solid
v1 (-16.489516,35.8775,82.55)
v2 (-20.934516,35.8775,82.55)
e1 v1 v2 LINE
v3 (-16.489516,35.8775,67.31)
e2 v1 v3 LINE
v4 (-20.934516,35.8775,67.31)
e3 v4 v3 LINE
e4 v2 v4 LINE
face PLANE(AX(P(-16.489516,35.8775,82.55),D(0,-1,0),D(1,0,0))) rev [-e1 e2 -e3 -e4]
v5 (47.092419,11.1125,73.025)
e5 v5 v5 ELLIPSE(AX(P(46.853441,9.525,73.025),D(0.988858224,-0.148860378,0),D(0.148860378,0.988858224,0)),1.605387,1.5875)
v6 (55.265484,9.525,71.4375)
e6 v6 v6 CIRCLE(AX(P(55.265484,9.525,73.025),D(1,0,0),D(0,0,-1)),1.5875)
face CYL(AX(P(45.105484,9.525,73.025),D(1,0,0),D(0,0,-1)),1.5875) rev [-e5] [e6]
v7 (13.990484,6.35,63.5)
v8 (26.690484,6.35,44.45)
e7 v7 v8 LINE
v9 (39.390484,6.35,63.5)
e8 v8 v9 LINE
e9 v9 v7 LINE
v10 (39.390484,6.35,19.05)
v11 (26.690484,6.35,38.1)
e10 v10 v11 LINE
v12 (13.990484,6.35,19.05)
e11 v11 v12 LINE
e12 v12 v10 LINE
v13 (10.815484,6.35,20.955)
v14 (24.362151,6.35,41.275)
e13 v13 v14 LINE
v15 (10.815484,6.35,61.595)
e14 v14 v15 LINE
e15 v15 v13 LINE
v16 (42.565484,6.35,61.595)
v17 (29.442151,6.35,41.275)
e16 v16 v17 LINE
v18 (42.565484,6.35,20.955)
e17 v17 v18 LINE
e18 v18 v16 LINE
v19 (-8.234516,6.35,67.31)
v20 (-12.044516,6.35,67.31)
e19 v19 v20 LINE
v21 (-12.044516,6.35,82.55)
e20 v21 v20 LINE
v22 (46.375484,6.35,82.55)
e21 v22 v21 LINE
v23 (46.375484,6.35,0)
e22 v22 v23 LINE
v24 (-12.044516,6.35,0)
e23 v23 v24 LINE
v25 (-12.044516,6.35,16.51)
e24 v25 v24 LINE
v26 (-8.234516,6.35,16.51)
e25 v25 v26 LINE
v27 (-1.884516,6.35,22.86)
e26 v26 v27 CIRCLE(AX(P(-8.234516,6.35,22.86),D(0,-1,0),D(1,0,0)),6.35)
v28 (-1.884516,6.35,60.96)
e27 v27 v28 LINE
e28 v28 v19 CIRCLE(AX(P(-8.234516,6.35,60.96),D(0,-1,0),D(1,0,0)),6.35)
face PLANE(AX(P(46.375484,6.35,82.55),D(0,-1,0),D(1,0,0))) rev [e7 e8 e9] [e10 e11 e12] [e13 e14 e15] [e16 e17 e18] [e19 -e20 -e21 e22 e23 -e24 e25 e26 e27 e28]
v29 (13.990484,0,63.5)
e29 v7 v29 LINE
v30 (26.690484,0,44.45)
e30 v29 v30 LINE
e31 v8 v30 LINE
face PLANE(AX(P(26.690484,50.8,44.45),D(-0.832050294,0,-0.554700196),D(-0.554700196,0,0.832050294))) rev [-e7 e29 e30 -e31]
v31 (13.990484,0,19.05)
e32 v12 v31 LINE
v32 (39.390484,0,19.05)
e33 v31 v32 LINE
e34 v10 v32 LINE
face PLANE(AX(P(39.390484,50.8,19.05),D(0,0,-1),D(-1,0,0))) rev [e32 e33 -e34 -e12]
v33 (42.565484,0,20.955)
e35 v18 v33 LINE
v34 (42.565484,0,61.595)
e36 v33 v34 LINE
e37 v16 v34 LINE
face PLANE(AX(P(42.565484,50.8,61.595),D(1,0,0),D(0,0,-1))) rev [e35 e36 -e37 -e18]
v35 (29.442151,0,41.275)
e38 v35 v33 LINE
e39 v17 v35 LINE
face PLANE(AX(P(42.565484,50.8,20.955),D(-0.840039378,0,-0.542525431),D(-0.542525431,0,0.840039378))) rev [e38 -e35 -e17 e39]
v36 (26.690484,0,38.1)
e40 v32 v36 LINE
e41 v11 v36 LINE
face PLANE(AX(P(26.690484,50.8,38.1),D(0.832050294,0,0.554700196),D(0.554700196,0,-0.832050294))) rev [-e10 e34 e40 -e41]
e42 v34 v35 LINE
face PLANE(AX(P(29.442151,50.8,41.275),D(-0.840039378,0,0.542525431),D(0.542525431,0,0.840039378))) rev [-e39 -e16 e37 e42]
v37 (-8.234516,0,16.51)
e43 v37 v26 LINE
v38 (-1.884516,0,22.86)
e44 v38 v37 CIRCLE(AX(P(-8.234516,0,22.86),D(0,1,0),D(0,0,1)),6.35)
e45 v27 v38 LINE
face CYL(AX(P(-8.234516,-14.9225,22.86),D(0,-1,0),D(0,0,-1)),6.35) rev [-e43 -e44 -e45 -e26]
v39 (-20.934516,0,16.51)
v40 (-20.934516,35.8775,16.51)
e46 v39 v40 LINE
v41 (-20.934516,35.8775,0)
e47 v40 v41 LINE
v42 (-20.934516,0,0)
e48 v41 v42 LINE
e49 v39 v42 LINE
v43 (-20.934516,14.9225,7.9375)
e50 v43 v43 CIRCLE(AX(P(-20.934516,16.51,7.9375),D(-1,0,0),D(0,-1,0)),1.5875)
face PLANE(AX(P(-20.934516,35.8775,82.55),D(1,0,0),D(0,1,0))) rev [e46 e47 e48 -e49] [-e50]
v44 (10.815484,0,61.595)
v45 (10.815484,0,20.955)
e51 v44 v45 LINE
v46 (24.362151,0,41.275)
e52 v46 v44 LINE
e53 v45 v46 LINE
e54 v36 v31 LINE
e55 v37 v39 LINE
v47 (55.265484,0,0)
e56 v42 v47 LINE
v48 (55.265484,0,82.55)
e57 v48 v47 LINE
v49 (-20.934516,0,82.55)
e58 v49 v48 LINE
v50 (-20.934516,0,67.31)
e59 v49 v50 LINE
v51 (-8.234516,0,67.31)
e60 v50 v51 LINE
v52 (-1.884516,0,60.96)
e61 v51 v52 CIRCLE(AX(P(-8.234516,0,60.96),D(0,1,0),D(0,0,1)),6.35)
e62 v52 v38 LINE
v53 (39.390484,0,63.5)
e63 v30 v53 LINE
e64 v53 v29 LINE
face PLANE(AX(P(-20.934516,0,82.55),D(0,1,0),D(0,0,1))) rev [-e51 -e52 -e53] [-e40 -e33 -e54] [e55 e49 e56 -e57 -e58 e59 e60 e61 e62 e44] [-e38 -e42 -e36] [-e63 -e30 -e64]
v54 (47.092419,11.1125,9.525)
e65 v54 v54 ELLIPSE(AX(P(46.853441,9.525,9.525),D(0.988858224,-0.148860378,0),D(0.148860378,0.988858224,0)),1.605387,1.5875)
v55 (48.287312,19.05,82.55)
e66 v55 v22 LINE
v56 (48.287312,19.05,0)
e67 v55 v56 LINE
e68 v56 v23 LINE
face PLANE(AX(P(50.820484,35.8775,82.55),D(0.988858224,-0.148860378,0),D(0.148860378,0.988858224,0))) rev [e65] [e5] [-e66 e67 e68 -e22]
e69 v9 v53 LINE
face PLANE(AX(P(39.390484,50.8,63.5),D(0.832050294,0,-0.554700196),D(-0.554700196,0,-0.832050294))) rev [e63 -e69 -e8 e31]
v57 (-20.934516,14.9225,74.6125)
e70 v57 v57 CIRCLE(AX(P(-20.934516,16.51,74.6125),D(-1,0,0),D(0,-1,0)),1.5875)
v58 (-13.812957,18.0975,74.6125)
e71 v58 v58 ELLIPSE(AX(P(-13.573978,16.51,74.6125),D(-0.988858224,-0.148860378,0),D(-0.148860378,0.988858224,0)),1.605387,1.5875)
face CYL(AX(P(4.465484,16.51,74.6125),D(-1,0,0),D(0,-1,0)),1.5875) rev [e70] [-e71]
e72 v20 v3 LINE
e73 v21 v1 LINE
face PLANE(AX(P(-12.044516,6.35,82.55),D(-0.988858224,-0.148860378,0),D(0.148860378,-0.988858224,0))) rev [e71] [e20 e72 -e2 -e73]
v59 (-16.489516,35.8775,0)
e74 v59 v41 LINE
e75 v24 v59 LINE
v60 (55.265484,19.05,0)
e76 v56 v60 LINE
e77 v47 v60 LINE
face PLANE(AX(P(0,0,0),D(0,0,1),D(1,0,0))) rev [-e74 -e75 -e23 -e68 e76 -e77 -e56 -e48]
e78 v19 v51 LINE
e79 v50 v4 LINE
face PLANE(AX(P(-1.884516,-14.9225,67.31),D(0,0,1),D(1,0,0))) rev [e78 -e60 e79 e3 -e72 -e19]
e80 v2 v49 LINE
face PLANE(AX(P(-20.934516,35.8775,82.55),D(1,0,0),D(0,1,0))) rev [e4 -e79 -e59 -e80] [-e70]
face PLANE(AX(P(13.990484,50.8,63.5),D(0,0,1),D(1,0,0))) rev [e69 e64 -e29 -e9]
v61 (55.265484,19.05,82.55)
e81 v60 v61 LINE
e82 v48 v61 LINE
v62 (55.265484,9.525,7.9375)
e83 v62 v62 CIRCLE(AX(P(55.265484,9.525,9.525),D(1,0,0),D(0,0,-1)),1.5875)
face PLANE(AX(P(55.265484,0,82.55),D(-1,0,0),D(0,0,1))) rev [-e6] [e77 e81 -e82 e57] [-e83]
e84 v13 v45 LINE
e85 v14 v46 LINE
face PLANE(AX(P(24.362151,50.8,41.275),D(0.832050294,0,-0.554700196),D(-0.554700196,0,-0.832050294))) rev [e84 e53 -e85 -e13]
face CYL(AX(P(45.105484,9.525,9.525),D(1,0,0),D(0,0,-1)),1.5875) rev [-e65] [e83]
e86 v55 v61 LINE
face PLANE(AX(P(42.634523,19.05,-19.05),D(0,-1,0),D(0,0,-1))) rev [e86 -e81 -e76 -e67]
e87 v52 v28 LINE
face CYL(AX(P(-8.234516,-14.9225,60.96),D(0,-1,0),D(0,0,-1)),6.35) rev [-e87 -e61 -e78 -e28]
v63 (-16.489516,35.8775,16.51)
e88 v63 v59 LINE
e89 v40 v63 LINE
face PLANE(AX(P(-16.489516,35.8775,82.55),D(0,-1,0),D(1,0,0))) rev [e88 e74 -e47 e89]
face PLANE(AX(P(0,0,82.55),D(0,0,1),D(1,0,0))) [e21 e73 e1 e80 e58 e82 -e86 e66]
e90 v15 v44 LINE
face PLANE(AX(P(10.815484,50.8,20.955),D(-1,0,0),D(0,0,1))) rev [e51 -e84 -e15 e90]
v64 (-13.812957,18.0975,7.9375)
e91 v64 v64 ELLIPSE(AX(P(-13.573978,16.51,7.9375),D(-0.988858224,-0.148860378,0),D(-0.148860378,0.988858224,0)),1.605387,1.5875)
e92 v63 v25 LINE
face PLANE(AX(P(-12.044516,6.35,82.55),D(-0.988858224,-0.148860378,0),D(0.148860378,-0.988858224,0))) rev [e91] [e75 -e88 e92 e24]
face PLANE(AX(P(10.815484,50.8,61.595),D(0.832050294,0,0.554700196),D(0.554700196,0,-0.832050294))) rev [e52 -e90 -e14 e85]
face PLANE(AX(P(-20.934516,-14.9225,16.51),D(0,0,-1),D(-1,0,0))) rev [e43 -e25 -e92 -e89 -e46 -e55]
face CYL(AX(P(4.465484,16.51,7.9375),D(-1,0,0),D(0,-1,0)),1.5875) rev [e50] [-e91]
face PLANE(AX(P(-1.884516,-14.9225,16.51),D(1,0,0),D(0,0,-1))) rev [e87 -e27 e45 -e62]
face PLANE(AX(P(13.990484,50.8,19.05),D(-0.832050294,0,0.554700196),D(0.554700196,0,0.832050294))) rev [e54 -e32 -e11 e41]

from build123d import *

# Parameters (mm, degrees)
BOSS_EXTRUDE1_DEPTH = 82.55
CUT_EXTRUDE1_DEPTH  = 50.8
FILLET1_R           = 6.35
SKETCH3_W           = 18.816678221
SKETCH3_H           = 21.85775753
CUT_EXTRUDE2_DEPTH  = 101.6
CUT_EXTRUDE3_DEPTH  = 50.8
SKETCH5_R           = 1.5875
CUT_EXTRUDE4_DEPTH  = 25.4
SKETCH6_R           = 1.5875
CUT_EXTRUDE5_DEPTH  = 10.16


with BuildPart() as part:
    # Sketch1 → Boss-Extrude1 (new body)
    with BuildSketch(Plane.XY):
        Polygon((-20.934516129, 0), (55.265483871, 0), (55.265483871, 35.8775), (50.820483871, 35.8775), (46.375483871, 6.35), (-12.044516129, 6.35), (-16.489516129, 35.8775), (-20.934516129, 35.8775), align=None)
    extrude(amount=BOSS_EXTRUDE1_DEPTH)

    # Sketch2 → Cut-Extrude1 (cut)
    with BuildSketch(Plane(origin=(0, 35.8775, 0), x_dir=(1, 0, 0), z_dir=(0, 1, 0))):
        Polygon((-1.884516129, -53.975), (-1.884516129, -28.575), (-1.884516129, -16.51), (-20.934516129, -16.51), (-20.934516129, -67.31), (-1.884516129, -67.31), align=None)
    extrude(amount=-CUT_EXTRUDE1_DEPTH, mode=Mode.SUBTRACT)

    # Fillet1
    fillet1_edges = [part.edges().sort_by_distance(p)[0] for p in [
        (-1.884516129, 3.175, 16.51),
        (-1.884516129, 3.175, 67.31),
    ]]
    fillet(fillet1_edges, radius=FILLET1_R)

    # Sketch3 → Cut-Extrude2 (cut)
    with BuildSketch(Plane.XY.offset(82.55)):
        with Locations((52.042862191, 29.978878765)):
            Rectangle(SKETCH3_W, SKETCH3_H)
    extrude(amount=-CUT_EXTRUDE2_DEPTH, mode=Mode.SUBTRACT)

    # Sketch4 → Cut-Extrude3 (cut)
    with BuildSketch(Plane.XZ):
        Polygon((13.990483871, 63.5), (39.390483871, 63.5), (26.690483871, 44.45), align=None)
        Polygon((10.815483871, 61.595), (24.362150538, 41.275), (10.815483871, 20.955), align=None)
        Polygon((42.565483871, 61.595), (42.565483871, 20.955), (29.442150538, 41.275), align=None)
        Polygon((13.990483871, 19.05), (26.690483871, 38.1), (39.390483871, 19.05), align=None)
    extrude(amount=-CUT_EXTRUDE3_DEPTH, mode=Mode.SUBTRACT)

    # Sketch5 → Cut-Extrude4 (cut)
    with BuildSketch(Plane.ZY.offset(20.934516129)):
        with Locations(Location((7.9375, 16.51, 0), (0, 0, 270))):
            Circle(SKETCH5_R)
        with Locations(Location((74.6125, 16.51, 0), (0, 0, 270))):
            Circle(SKETCH5_R)
    extrude(amount=-CUT_EXTRUDE4_DEPTH, mode=Mode.SUBTRACT)

    # Sketch6 → Cut-Extrude5 (cut)
    with BuildSketch(Plane(origin=(55.265483871, 0, 0), x_dir=(0, 0, -1), z_dir=(1, 0, 0))):
        with Locations((-9.525, 9.525)):
            Circle(SKETCH6_R)
        with Locations((-73.025, 9.525)):
            Circle(SKETCH6_R)
    extrude(amount=-CUT_EXTRUDE5_DEPTH, mode=Mode.SUBTRACT)


solid = part.part
